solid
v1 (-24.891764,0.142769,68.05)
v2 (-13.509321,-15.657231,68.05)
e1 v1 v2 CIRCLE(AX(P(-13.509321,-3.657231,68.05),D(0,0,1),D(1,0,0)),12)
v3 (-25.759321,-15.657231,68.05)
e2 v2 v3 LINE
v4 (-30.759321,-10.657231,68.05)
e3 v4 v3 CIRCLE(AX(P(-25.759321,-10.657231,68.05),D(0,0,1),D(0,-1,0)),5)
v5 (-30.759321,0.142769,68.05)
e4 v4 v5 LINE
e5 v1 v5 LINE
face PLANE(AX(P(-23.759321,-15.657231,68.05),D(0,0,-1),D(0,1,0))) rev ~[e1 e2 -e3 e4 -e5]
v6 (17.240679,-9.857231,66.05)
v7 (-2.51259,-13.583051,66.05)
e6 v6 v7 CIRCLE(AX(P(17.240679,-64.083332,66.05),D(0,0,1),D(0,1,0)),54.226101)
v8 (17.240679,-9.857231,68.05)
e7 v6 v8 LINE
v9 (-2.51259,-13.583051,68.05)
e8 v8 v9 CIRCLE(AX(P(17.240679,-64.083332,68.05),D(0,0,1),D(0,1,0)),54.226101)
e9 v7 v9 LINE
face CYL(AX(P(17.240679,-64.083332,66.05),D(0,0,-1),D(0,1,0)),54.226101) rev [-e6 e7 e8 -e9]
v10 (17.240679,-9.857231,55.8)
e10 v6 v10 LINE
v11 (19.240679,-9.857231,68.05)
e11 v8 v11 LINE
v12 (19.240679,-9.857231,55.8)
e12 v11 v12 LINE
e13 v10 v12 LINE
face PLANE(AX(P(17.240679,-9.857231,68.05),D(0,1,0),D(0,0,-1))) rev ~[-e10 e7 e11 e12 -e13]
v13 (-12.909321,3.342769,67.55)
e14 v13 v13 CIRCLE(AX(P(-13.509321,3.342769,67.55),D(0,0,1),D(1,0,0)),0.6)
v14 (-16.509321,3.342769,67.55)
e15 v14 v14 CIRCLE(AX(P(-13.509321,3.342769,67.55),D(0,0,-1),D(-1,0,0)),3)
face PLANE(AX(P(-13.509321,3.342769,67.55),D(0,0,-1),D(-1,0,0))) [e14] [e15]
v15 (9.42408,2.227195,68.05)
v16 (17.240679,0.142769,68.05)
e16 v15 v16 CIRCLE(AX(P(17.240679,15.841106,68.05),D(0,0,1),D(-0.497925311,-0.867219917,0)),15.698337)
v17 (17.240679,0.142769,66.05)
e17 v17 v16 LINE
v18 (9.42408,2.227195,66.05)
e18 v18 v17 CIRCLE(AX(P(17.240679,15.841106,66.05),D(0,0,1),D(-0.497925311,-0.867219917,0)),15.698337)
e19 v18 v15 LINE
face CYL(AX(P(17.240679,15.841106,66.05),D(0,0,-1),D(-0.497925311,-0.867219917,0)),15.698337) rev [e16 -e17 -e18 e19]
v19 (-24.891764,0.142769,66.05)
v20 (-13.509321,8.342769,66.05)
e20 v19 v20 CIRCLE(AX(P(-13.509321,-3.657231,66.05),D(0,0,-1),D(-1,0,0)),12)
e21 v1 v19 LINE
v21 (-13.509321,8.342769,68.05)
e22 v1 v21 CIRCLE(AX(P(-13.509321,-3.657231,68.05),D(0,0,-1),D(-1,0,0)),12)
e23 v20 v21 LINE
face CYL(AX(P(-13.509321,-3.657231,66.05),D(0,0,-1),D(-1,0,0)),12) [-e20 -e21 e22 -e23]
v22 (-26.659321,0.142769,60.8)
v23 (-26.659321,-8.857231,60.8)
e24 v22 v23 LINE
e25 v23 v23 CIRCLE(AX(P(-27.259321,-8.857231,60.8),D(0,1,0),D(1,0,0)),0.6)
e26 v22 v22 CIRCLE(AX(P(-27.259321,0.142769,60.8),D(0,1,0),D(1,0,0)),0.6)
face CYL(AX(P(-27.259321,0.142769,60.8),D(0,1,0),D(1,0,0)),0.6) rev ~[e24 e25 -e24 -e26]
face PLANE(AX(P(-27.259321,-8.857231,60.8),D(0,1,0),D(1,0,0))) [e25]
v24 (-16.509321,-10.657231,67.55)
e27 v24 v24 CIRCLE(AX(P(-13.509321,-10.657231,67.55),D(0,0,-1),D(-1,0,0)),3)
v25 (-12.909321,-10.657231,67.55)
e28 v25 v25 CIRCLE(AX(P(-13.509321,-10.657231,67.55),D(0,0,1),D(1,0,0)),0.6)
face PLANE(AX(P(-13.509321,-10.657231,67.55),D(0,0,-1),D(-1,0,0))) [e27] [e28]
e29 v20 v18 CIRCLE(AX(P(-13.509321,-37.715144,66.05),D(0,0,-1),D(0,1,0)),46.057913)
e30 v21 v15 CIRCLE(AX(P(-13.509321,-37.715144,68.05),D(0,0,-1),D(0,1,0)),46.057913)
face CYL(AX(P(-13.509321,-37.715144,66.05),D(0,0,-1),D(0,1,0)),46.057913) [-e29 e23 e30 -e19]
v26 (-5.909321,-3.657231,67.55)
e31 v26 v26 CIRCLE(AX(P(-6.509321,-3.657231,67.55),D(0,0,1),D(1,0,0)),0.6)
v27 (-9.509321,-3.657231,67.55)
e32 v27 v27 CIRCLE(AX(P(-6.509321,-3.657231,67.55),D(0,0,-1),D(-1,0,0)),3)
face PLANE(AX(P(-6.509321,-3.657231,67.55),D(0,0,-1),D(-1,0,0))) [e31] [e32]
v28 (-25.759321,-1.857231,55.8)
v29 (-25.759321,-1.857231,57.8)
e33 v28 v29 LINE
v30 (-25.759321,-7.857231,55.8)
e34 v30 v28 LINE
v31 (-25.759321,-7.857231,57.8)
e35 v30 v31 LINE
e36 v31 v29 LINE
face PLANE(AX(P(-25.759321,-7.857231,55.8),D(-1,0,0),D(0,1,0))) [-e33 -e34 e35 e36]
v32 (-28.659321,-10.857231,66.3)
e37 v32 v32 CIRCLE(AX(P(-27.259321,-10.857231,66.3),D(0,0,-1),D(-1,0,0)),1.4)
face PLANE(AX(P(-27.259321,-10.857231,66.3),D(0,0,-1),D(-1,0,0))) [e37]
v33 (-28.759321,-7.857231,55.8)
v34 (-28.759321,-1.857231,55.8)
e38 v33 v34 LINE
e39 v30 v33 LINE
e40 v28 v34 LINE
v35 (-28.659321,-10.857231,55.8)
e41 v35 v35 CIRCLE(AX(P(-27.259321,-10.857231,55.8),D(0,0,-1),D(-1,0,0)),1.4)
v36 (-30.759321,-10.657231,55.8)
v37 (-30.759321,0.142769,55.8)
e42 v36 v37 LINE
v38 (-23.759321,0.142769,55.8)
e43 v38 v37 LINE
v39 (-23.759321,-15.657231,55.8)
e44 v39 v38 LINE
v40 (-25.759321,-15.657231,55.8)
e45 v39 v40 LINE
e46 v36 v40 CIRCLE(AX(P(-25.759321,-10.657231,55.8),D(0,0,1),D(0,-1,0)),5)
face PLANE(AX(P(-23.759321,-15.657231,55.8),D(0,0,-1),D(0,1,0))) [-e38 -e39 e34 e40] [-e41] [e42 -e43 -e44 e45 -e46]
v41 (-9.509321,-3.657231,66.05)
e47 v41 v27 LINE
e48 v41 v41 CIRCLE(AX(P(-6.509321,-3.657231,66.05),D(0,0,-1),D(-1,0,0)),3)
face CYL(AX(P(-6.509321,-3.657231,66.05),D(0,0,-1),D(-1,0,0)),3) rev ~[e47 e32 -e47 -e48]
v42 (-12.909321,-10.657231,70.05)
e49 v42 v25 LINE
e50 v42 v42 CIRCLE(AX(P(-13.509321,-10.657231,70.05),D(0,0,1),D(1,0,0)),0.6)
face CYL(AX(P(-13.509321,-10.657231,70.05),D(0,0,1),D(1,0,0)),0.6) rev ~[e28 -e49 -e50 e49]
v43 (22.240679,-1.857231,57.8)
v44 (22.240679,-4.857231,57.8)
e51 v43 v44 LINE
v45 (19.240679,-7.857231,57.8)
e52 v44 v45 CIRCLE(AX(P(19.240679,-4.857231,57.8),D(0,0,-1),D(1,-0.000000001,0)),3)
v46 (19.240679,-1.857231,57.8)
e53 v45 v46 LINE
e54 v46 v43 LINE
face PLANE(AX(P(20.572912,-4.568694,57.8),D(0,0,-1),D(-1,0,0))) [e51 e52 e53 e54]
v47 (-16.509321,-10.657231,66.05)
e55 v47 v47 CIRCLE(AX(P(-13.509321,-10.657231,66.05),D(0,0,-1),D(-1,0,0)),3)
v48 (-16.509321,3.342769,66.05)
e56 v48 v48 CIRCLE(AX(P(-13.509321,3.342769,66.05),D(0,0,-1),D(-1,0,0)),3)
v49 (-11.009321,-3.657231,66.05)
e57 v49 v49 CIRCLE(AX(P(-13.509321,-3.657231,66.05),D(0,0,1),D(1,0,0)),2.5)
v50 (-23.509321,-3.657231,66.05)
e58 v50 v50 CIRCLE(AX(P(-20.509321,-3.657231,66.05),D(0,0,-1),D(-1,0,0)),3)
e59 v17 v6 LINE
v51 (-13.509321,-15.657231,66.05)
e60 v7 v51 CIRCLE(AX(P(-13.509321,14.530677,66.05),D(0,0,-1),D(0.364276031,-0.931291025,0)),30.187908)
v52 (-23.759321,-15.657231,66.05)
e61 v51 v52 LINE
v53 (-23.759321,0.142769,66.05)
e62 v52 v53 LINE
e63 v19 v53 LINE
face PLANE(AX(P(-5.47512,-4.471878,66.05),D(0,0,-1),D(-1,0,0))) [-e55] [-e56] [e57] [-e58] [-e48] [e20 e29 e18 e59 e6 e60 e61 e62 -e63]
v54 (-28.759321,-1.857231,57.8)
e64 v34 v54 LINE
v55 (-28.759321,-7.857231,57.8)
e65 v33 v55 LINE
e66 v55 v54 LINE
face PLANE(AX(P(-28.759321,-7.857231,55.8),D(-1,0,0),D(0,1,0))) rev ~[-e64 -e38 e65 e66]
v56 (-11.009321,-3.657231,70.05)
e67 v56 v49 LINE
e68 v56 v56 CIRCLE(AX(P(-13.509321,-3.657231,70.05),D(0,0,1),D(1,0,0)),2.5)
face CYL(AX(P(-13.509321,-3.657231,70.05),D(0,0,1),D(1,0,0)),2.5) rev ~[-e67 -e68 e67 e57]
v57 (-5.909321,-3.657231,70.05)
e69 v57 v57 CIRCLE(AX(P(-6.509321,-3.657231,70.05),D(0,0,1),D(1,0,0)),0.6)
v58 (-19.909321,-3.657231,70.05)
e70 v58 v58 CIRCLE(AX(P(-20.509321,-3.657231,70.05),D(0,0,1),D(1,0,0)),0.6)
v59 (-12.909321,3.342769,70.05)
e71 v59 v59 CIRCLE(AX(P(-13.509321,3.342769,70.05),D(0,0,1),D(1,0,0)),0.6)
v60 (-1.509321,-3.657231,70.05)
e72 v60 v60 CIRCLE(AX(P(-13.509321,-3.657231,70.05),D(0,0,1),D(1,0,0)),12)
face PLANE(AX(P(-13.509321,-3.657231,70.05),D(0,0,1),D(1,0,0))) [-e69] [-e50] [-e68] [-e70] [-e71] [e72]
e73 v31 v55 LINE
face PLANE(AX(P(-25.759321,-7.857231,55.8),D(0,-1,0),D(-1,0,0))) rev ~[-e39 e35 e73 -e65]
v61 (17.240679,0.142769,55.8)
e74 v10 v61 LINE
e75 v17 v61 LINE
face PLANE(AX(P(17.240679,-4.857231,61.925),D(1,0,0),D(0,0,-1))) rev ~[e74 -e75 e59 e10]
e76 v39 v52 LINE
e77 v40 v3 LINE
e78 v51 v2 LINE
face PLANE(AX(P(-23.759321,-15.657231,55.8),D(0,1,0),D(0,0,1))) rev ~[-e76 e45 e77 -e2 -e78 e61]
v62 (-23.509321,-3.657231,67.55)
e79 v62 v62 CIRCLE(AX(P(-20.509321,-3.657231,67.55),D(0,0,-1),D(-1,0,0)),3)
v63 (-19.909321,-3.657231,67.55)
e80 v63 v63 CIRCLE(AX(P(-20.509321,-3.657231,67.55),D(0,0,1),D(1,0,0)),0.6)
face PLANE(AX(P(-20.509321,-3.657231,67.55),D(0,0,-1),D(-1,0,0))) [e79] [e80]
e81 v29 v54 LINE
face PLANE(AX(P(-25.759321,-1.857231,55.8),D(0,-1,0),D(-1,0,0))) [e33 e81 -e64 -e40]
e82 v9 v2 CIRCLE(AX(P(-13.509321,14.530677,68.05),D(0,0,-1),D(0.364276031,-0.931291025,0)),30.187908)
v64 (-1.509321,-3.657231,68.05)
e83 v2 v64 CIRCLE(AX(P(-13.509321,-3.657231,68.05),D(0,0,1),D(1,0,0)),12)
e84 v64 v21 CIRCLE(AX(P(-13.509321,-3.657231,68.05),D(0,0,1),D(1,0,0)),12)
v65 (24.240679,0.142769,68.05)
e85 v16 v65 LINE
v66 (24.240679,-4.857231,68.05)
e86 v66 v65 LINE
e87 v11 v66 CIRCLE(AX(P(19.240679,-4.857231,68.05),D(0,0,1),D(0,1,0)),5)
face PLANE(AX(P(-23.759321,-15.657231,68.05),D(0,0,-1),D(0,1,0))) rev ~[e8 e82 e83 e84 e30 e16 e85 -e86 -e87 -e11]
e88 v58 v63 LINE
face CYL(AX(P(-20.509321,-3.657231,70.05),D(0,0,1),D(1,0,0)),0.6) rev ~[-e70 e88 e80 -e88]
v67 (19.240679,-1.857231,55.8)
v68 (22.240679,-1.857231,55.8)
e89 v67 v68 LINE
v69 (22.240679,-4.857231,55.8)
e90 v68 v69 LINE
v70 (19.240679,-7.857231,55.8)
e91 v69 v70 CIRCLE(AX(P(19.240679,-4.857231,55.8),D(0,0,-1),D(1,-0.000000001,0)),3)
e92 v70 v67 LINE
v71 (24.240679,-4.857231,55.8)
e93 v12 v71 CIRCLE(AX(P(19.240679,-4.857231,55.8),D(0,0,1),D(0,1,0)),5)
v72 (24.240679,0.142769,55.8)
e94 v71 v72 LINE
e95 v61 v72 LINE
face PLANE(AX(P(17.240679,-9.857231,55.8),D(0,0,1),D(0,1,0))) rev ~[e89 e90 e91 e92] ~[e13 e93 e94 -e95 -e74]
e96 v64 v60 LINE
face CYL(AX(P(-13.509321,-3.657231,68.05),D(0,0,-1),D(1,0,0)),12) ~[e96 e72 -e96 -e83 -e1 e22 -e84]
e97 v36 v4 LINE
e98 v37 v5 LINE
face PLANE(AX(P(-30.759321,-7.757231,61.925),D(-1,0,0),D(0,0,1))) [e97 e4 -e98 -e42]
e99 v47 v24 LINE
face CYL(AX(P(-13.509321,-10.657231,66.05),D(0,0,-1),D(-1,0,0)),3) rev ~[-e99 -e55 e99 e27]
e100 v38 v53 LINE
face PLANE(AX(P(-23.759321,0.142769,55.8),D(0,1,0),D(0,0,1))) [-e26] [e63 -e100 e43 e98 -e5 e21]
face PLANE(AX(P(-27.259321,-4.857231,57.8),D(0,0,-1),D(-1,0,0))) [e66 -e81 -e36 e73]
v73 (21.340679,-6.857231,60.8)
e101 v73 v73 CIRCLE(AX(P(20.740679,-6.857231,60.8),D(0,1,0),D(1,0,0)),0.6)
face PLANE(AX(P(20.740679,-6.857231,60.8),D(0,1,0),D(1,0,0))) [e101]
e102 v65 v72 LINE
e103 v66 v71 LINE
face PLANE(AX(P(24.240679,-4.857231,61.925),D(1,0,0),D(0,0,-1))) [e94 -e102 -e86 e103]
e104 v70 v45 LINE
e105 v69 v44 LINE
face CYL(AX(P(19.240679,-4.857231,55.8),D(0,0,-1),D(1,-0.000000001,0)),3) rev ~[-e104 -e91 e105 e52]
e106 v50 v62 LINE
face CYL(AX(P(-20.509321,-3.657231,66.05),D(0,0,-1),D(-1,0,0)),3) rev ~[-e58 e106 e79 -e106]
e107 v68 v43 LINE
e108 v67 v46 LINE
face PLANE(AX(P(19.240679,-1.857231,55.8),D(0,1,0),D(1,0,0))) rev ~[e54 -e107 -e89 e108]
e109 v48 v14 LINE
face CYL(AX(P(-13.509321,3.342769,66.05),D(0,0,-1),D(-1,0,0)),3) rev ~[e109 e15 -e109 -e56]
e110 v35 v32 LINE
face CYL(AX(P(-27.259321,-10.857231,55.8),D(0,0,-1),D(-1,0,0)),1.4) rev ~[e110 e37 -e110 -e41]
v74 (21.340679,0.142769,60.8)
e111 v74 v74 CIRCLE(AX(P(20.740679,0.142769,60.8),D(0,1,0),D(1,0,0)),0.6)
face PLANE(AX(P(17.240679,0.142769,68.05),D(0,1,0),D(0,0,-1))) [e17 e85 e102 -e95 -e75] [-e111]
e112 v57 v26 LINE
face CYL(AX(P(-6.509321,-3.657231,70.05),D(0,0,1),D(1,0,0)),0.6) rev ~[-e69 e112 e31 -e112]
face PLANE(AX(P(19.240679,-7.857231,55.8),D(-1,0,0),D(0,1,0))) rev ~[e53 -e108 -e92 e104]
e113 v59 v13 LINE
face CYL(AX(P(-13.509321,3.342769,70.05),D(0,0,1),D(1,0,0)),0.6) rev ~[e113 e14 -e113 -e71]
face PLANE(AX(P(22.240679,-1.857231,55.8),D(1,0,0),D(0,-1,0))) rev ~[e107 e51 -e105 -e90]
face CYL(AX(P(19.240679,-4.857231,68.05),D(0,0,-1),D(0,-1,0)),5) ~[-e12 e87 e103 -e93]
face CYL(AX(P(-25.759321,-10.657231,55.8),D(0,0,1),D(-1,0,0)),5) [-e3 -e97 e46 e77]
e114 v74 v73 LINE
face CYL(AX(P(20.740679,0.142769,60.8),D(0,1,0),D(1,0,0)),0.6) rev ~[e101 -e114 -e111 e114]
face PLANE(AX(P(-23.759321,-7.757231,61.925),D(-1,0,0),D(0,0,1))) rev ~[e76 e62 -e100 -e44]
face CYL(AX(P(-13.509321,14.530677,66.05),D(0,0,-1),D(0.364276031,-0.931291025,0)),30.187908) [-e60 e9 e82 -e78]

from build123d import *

# Parameters (mm, degrees)
SALIENTE_EXTRUIR1_DEPTH = 2
CROQUIS2_W              = 12.25
CROQUIS2_H              = 10
SALIENTE_EXTRUIR2_DEPTH = 7
REDONDEO1_R             = 5
CORTAR_EXTRUIR1_DEPTH   = 2
CROQUIS4_R              = 0.6
CORTAR_EXTRUIR2_DEPTH   = 7
CROQUIS5_W              = 12.25
CROQUIS5_H              = 15.8
SALIENTE_EXTRUIR3_DEPTH = 7
REDONDEO2_R             = 5
CROQUIS6_R              = 0.6
CORTAR_EXTRUIR3_DEPTH   = 9
CROQUIS7_W              = 3
CROQUIS7_H              = 6
CORTAR_EXTRUIR4_DEPTH   = 2
CROQUIS8_R              = 12
SALIENTE_EXTRUIR4_DEPTH = 2
CROQUIS9_R              = 2.5
CORTAR_EXTRUIR5_DEPTH   = 6
CROQUIS10_R             = 0.6
CORTAR_EXTRUIR6_DEPTH   = 6
CROQUIS11_R             = 3
CORTAR_EXTRUIR7_DEPTH   = 1.5
CROQUIS12_R             = 1.4
CORTAR_EXTRUIR8_DEPTH   = 10.5


with BuildPart() as part:
    # Croquis1 → Saliente-Extruir1 (new body)
    with BuildSketch(Plane.XY.offset(66.05)):
        with BuildLine():
            Line((17.240678969, 0.142768675), (17.240678969, -9.857231325))
            ThreePointArc((17.240678969, -9.857231325), (7.189890991, -10.796826624), (-2.512589694, -13.583051105))
            ThreePointArc((-2.512589694, -13.583051105), (-7.914003263, -15.134154499), (-13.509321031, -15.657231325))
            Line((-13.509321031, -15.657231325), (-25.509321031, -15.657231325))
            Line((-25.509321031, -15.657231325), (-25.509321031, -3.657231325))
            ThreePointArc((-25.509321031, -3.657231325), (-21.994602405, 4.82805005), (-13.509321031, 8.342768675))
            ThreePointArc((-13.509321031, 8.342768675), (-1.641917085, 6.787620461), (9.424079639, 2.227195163))
            ThreePointArc((9.424079639, 2.227195163), (13.195803851, 0.672823972), (17.240678969, 0.142768675))
        make_face()
    extrude(amount=SALIENTE_EXTRUIR1_DEPTH)

    # Croquis2 → Saliente-Extruir2 (add)
    with BuildSketch(Plane(origin=(17.240678969, 0, 0), x_dir=(0, 0, -1), z_dir=(1, 0, 0))):
        with Locations((-61.925, -4.857231325)):
            Rectangle(CROQUIS2_W, CROQUIS2_H)
    extrude(amount=SALIENTE_EXTRUIR2_DEPTH)

    # Redondeo1
    redondeo1_edges = [part.edges().sort_by_distance(p)[0] for p in [
        (24.240678969, -9.857231325, 61.925),
    ]]
    fillet(redondeo1_edges, radius=REDONDEO1_R)

    # Croquis3 → Cortar-Extruir1 (cut)
    with BuildSketch(Plane(origin=(0, 0, 55.8), x_dir=(-1, 0, 0), z_dir=(0, 0, -1))):
        with BuildLine():
            Line((-19.240678969, -1.857231325), (-22.240678969, -1.857231325))
            Line((-22.240678969, -1.857231325), (-22.240678969, -4.857231325))
            ThreePointArc((-22.240678969, -4.857231325), (-21.361999312, -6.978551668), (-19.240678969, -7.857231325))
            Line((-19.240678969, -7.857231325), (-19.240678969, -1.857231325))
        make_face()
    extrude(amount=-CORTAR_EXTRUIR1_DEPTH, mode=Mode.SUBTRACT)

    # Croquis4 → Cortar-Extruir2 (cut)
    with BuildSketch(Plane(origin=(0, 0.142768675, 0), x_dir=(1, 0, 0), z_dir=(0, 1, 0))):
        with Locations((20.740678969, -60.8)):
            Circle(CROQUIS4_R)
    extrude(amount=-CORTAR_EXTRUIR2_DEPTH, mode=Mode.SUBTRACT)

    # Croquis5 → Saliente-Extruir3 (add)
    with BuildSketch(Plane.ZY.offset(23.759321031)):
        with Locations((61.925, -7.757231325)):
            Rectangle(CROQUIS5_W, CROQUIS5_H)
    extrude(amount=SALIENTE_EXTRUIR3_DEPTH)

    # Redondeo2
    redondeo2_edges = [part.edges().sort_by_distance(p)[0] for p in [
        (-30.759321031, -15.657231325, 61.925),
    ]]
    fillet(redondeo2_edges, radius=REDONDEO2_R)

    # Croquis6 → Cortar-Extruir3 (cut)
    with BuildSketch(Plane(origin=(0, 0.142768675, 0), x_dir=(1, 0, 0), z_dir=(0, 1, 0))):
        with Locations((-27.259321031, -60.8)):
            Circle(CROQUIS6_R)
    extrude(amount=-CORTAR_EXTRUIR3_DEPTH, mode=Mode.SUBTRACT)

    # Croquis7 → Cortar-Extruir4 (cut)
    with BuildSketch(Plane(origin=(0, 0, 55.8), x_dir=(-1, 0, 0), z_dir=(0, 0, -1))):
        with Locations((27.259321031, -4.857231325)):
            Rectangle(CROQUIS7_W, CROQUIS7_H)
    extrude(amount=-CORTAR_EXTRUIR4_DEPTH, mode=Mode.SUBTRACT)

    # Croquis8 → Saliente-Extruir4 (add)
    with BuildSketch(Plane.XY.offset(68.05)):
        with Locations((-13.509321031, -3.657231325)):
            Circle(CROQUIS8_R)
    extrude(amount=SALIENTE_EXTRUIR4_DEPTH)

    # Croquis9 → Cortar-Extruir5 (cut)
    with BuildSketch(Plane.XY.offset(70.05)):
        with Locations((-13.509321031, -3.657231325)):
            Circle(CROQUIS9_R)
    extrude(amount=-CORTAR_EXTRUIR5_DEPTH, mode=Mode.SUBTRACT)

    # Croquis10 → Cortar-Extruir6 (cut)
    with BuildSketch(Plane.XY.offset(70.05)):
        with Locations((-13.509321031, 3.342768675)):
            Circle(CROQUIS10_R)
        with Locations((-6.509321031, -3.657231325)):
            Circle(CROQUIS10_R)
        with Locations((-13.509321031, -10.657231325)):
            Circle(CROQUIS10_R)
        with Locations((-20.509321031, -3.657231325)):
            Circle(CROQUIS10_R)
    extrude(amount=-CORTAR_EXTRUIR6_DEPTH, mode=Mode.SUBTRACT)

    # Croquis11 → Cortar-Extruir7 (cut)
    with BuildSketch(Plane(origin=(0, 0, 66.05), x_dir=(-1, 0, 0), z_dir=(0, 0, -1))):
        with Locations((13.509321031, 3.342768675)):
            Circle(CROQUIS11_R)
        with Locations((20.509321031, -3.657231325)):
            Circle(CROQUIS11_R)
        with Locations((13.509321031, -10.657231325)):
            Circle(CROQUIS11_R)
        with Locations((6.509321031, -3.657231325)):
            Circle(CROQUIS11_R)
    extrude(amount=-CORTAR_EXTRUIR7_DEPTH, mode=Mode.SUBTRACT)

    # Croquis12 → Cortar-Extruir8 (cut)
    with BuildSketch(Plane(origin=(0, 0, 55.8), x_dir=(-1, 0, 0), z_dir=(0, 0, -1))):
        with Locations((27.259321031, -10.857231325)):
            Circle(CROQUIS12_R)
    extrude(amount=-CORTAR_EXTRUIR8_DEPTH, mode=Mode.SUBTRACT)


solid = part.part
